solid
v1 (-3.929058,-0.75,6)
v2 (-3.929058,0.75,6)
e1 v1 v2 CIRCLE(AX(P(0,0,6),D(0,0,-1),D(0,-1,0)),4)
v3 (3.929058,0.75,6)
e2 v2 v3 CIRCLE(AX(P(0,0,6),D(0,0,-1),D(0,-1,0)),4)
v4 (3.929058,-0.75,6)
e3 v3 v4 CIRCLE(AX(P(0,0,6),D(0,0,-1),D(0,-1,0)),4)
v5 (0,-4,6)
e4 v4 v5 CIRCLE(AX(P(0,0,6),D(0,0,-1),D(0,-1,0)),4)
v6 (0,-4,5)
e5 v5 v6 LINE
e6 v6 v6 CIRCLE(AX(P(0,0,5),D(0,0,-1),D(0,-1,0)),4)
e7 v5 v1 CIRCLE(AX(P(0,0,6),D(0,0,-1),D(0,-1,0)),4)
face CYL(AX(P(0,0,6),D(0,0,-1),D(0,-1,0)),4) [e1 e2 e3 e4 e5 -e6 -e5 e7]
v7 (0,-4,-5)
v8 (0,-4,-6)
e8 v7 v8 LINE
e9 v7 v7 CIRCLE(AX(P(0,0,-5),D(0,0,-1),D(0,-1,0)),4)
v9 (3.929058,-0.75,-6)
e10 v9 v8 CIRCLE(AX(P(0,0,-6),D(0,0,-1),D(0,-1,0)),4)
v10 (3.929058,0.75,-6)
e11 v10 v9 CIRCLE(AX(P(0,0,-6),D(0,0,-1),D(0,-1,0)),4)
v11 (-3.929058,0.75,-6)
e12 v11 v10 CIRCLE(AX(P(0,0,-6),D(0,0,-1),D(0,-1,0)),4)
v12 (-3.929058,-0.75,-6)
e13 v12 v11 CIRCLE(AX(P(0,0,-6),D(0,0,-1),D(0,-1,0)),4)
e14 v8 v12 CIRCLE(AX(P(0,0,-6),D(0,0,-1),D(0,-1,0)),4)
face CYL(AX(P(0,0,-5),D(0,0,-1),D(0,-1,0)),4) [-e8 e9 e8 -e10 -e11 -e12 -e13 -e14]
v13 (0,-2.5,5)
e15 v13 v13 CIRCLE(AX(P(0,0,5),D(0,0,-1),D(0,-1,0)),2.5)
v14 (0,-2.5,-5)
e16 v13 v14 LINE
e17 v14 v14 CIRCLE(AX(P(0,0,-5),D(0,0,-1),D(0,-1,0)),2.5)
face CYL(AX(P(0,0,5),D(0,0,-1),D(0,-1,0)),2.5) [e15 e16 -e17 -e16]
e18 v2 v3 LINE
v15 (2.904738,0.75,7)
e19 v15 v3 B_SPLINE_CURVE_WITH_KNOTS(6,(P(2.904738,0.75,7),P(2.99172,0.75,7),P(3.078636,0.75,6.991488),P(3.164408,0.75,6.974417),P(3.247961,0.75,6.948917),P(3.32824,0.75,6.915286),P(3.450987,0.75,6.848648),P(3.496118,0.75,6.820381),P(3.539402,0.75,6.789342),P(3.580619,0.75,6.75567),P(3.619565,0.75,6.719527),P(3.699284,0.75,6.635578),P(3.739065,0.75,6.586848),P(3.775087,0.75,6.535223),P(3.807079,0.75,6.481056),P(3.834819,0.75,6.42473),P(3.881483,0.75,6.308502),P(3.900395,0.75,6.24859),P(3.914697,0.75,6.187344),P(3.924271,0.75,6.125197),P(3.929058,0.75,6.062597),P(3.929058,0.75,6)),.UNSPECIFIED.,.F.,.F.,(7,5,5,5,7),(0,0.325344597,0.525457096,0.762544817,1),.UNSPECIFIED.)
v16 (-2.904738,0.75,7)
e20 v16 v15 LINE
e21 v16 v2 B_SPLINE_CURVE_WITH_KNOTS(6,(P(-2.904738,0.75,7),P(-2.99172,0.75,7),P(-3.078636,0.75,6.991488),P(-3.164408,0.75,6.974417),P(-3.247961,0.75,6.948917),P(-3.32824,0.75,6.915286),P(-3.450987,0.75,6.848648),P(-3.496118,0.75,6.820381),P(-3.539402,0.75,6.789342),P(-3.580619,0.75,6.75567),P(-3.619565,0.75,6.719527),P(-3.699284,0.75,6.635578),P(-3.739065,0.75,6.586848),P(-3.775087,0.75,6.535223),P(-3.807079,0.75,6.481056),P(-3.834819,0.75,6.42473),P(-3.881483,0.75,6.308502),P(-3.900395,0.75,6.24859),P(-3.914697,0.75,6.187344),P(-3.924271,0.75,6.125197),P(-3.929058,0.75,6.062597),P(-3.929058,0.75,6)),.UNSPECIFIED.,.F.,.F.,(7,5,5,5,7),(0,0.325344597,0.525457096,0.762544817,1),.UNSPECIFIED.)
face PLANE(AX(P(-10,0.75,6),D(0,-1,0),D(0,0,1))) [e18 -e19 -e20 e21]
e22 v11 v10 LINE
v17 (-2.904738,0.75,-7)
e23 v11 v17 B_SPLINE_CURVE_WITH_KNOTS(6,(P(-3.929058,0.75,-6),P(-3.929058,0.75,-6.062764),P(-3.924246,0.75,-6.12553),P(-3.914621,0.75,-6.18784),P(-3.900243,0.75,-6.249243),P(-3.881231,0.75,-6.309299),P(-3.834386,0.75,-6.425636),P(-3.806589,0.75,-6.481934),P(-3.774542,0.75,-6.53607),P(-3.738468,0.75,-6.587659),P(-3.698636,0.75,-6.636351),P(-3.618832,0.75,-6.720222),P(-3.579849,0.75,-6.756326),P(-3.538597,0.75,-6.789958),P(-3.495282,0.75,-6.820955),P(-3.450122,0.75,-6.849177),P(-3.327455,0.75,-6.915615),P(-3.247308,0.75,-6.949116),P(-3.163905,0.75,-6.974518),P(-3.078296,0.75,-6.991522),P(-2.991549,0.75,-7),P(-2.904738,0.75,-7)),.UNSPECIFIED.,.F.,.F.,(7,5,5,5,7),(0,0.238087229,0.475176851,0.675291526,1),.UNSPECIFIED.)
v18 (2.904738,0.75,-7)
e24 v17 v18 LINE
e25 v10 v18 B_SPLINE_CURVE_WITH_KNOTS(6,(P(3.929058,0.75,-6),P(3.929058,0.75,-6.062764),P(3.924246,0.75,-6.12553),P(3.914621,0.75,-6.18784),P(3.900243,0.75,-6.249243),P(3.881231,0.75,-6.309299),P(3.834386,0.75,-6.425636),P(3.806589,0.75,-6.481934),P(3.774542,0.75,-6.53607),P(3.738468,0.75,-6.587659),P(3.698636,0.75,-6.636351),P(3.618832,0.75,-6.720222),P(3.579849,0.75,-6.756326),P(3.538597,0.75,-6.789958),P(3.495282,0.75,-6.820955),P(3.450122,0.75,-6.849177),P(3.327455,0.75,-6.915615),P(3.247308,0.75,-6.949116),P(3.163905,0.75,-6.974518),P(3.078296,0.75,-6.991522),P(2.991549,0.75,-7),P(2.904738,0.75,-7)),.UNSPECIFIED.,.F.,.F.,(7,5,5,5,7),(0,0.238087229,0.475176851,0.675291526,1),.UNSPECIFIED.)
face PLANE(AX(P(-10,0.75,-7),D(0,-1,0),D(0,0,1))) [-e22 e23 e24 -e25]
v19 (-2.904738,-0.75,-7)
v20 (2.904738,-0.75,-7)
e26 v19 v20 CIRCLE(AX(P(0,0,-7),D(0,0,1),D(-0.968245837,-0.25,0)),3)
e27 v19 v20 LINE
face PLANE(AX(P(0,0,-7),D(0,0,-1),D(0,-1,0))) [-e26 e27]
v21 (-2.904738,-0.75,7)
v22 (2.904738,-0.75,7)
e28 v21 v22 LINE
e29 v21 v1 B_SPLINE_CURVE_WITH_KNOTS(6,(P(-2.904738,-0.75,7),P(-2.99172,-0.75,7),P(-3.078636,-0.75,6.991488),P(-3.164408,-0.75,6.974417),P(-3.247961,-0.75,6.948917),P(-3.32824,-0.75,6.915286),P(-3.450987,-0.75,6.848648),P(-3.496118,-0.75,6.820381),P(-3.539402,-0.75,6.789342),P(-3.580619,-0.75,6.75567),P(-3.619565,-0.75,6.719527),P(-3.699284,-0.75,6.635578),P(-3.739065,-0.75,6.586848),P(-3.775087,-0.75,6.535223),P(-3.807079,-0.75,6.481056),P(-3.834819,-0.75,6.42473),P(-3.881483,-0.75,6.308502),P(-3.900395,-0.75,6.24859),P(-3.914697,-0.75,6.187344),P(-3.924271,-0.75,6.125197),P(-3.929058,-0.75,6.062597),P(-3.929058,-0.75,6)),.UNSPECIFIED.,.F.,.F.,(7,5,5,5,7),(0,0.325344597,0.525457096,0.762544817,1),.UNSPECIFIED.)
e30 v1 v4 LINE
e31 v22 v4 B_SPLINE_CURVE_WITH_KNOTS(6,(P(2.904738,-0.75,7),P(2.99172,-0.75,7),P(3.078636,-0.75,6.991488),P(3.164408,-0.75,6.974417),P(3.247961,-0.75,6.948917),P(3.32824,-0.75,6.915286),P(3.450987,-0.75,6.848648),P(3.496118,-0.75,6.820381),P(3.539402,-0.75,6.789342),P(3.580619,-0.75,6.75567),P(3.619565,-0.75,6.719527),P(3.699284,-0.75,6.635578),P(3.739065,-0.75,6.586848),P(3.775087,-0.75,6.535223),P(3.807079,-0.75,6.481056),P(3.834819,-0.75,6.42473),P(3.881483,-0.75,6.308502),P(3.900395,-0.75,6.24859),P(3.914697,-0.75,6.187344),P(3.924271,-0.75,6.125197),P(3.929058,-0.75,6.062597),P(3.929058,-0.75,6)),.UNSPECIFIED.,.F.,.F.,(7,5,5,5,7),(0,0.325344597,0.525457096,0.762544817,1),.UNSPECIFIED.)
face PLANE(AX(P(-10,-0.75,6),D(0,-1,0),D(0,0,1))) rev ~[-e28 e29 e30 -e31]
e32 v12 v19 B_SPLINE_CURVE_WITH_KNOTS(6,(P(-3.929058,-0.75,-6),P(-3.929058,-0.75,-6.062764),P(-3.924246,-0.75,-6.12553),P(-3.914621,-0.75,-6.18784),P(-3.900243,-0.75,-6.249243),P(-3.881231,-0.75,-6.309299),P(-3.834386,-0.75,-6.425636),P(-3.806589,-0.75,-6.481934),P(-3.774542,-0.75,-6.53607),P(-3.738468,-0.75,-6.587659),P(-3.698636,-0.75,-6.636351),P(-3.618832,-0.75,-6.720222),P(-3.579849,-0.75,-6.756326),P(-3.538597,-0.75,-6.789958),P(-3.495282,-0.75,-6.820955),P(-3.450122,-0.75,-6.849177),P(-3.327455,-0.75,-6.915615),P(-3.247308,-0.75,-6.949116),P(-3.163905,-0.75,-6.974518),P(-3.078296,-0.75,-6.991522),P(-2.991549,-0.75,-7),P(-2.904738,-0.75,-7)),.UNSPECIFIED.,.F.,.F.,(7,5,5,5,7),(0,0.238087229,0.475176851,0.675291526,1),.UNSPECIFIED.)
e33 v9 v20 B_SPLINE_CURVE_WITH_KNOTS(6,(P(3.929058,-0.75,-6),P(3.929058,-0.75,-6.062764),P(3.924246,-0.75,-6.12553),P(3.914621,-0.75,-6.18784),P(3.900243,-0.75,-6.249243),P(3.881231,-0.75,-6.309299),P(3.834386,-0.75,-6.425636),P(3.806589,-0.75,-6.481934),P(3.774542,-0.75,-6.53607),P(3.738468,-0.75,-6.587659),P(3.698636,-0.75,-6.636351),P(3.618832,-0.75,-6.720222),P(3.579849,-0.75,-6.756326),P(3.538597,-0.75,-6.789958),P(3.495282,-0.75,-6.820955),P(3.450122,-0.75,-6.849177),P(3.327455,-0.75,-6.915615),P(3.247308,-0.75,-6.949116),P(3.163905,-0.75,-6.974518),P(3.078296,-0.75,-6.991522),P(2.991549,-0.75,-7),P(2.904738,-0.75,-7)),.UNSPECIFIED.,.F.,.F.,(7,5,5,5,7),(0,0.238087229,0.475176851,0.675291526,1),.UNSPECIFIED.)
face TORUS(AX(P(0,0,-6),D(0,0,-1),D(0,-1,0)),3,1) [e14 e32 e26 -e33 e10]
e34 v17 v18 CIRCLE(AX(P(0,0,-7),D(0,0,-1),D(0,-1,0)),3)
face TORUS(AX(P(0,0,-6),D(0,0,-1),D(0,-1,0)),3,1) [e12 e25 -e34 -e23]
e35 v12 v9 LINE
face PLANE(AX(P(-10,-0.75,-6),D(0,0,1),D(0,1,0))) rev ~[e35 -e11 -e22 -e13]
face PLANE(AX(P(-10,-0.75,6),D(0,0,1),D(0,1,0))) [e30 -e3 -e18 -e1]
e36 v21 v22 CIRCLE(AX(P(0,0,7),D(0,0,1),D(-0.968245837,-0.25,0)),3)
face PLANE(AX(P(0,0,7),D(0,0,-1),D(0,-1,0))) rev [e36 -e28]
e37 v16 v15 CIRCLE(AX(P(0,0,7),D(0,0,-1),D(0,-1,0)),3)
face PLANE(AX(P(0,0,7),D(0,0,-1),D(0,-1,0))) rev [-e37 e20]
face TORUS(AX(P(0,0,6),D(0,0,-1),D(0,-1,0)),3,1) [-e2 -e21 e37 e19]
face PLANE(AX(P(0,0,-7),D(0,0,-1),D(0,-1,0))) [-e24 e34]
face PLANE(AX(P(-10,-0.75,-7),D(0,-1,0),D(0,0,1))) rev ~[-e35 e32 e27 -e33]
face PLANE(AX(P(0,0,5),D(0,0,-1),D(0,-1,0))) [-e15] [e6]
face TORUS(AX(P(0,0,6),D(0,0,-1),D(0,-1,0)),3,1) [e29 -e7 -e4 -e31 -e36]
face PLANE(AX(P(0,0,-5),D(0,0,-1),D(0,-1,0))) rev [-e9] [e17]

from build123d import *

# Parameters (mm, degrees)
CUT_EXTRUDE1_DEPTH      = 10
CUT_EXTRUDE1_DEPTH_BACK = 10
SKETCH3_W               = 1.5
SKETCH3_H               = 1


with BuildPart() as part:
    # Sketch1 → Revolve1 (revolve)
    with BuildSketch(Plane.YZ, mode=Mode.PRIVATE) as revolve1_sk:
        with BuildLine():
            Line((0, 7), (3, 7))
            ThreePointArc((3, 7), (3.707106781, 6.707106781), (4, 6))
            Line((4, 6), (4, 5))
            Line((4, 5), (2.5, 5))
            Line((2.5, 5), (2.5, -5))
            Line((2.5, -5), (4, -5))
            Line((4, -5), (4, -6))
            ThreePointArc((4, -6), (3.707106781, -6.707106781), (3, -7))
            Line((3, -7), (0, -7))
            Line((0, -7), (0, 7))
        make_face()
    revolve(revolve1_sk.sketch.rotate(Axis((0, 0, 9.31839629), (0, 0, -1)), 180), axis=Axis((0, 0, 9.31839629), (0, 0, -1)))

    # Sketch3 → Cut-Extrude1 (cut, two sides: drawn at the far end of the back side and taken through both)
    with BuildSketch(Plane.YZ.offset(-CUT_EXTRUDE1_DEPTH_BACK)):
        with Locations((0, 6.5)):
            Rectangle(SKETCH3_W, SKETCH3_H)
        with Locations((0, -6.5)):
            Rectangle(SKETCH3_W, SKETCH3_H)
    extrude(amount=CUT_EXTRUDE1_DEPTH + CUT_EXTRUDE1_DEPTH_BACK, mode=Mode.SUBTRACT)


solid = part.part
